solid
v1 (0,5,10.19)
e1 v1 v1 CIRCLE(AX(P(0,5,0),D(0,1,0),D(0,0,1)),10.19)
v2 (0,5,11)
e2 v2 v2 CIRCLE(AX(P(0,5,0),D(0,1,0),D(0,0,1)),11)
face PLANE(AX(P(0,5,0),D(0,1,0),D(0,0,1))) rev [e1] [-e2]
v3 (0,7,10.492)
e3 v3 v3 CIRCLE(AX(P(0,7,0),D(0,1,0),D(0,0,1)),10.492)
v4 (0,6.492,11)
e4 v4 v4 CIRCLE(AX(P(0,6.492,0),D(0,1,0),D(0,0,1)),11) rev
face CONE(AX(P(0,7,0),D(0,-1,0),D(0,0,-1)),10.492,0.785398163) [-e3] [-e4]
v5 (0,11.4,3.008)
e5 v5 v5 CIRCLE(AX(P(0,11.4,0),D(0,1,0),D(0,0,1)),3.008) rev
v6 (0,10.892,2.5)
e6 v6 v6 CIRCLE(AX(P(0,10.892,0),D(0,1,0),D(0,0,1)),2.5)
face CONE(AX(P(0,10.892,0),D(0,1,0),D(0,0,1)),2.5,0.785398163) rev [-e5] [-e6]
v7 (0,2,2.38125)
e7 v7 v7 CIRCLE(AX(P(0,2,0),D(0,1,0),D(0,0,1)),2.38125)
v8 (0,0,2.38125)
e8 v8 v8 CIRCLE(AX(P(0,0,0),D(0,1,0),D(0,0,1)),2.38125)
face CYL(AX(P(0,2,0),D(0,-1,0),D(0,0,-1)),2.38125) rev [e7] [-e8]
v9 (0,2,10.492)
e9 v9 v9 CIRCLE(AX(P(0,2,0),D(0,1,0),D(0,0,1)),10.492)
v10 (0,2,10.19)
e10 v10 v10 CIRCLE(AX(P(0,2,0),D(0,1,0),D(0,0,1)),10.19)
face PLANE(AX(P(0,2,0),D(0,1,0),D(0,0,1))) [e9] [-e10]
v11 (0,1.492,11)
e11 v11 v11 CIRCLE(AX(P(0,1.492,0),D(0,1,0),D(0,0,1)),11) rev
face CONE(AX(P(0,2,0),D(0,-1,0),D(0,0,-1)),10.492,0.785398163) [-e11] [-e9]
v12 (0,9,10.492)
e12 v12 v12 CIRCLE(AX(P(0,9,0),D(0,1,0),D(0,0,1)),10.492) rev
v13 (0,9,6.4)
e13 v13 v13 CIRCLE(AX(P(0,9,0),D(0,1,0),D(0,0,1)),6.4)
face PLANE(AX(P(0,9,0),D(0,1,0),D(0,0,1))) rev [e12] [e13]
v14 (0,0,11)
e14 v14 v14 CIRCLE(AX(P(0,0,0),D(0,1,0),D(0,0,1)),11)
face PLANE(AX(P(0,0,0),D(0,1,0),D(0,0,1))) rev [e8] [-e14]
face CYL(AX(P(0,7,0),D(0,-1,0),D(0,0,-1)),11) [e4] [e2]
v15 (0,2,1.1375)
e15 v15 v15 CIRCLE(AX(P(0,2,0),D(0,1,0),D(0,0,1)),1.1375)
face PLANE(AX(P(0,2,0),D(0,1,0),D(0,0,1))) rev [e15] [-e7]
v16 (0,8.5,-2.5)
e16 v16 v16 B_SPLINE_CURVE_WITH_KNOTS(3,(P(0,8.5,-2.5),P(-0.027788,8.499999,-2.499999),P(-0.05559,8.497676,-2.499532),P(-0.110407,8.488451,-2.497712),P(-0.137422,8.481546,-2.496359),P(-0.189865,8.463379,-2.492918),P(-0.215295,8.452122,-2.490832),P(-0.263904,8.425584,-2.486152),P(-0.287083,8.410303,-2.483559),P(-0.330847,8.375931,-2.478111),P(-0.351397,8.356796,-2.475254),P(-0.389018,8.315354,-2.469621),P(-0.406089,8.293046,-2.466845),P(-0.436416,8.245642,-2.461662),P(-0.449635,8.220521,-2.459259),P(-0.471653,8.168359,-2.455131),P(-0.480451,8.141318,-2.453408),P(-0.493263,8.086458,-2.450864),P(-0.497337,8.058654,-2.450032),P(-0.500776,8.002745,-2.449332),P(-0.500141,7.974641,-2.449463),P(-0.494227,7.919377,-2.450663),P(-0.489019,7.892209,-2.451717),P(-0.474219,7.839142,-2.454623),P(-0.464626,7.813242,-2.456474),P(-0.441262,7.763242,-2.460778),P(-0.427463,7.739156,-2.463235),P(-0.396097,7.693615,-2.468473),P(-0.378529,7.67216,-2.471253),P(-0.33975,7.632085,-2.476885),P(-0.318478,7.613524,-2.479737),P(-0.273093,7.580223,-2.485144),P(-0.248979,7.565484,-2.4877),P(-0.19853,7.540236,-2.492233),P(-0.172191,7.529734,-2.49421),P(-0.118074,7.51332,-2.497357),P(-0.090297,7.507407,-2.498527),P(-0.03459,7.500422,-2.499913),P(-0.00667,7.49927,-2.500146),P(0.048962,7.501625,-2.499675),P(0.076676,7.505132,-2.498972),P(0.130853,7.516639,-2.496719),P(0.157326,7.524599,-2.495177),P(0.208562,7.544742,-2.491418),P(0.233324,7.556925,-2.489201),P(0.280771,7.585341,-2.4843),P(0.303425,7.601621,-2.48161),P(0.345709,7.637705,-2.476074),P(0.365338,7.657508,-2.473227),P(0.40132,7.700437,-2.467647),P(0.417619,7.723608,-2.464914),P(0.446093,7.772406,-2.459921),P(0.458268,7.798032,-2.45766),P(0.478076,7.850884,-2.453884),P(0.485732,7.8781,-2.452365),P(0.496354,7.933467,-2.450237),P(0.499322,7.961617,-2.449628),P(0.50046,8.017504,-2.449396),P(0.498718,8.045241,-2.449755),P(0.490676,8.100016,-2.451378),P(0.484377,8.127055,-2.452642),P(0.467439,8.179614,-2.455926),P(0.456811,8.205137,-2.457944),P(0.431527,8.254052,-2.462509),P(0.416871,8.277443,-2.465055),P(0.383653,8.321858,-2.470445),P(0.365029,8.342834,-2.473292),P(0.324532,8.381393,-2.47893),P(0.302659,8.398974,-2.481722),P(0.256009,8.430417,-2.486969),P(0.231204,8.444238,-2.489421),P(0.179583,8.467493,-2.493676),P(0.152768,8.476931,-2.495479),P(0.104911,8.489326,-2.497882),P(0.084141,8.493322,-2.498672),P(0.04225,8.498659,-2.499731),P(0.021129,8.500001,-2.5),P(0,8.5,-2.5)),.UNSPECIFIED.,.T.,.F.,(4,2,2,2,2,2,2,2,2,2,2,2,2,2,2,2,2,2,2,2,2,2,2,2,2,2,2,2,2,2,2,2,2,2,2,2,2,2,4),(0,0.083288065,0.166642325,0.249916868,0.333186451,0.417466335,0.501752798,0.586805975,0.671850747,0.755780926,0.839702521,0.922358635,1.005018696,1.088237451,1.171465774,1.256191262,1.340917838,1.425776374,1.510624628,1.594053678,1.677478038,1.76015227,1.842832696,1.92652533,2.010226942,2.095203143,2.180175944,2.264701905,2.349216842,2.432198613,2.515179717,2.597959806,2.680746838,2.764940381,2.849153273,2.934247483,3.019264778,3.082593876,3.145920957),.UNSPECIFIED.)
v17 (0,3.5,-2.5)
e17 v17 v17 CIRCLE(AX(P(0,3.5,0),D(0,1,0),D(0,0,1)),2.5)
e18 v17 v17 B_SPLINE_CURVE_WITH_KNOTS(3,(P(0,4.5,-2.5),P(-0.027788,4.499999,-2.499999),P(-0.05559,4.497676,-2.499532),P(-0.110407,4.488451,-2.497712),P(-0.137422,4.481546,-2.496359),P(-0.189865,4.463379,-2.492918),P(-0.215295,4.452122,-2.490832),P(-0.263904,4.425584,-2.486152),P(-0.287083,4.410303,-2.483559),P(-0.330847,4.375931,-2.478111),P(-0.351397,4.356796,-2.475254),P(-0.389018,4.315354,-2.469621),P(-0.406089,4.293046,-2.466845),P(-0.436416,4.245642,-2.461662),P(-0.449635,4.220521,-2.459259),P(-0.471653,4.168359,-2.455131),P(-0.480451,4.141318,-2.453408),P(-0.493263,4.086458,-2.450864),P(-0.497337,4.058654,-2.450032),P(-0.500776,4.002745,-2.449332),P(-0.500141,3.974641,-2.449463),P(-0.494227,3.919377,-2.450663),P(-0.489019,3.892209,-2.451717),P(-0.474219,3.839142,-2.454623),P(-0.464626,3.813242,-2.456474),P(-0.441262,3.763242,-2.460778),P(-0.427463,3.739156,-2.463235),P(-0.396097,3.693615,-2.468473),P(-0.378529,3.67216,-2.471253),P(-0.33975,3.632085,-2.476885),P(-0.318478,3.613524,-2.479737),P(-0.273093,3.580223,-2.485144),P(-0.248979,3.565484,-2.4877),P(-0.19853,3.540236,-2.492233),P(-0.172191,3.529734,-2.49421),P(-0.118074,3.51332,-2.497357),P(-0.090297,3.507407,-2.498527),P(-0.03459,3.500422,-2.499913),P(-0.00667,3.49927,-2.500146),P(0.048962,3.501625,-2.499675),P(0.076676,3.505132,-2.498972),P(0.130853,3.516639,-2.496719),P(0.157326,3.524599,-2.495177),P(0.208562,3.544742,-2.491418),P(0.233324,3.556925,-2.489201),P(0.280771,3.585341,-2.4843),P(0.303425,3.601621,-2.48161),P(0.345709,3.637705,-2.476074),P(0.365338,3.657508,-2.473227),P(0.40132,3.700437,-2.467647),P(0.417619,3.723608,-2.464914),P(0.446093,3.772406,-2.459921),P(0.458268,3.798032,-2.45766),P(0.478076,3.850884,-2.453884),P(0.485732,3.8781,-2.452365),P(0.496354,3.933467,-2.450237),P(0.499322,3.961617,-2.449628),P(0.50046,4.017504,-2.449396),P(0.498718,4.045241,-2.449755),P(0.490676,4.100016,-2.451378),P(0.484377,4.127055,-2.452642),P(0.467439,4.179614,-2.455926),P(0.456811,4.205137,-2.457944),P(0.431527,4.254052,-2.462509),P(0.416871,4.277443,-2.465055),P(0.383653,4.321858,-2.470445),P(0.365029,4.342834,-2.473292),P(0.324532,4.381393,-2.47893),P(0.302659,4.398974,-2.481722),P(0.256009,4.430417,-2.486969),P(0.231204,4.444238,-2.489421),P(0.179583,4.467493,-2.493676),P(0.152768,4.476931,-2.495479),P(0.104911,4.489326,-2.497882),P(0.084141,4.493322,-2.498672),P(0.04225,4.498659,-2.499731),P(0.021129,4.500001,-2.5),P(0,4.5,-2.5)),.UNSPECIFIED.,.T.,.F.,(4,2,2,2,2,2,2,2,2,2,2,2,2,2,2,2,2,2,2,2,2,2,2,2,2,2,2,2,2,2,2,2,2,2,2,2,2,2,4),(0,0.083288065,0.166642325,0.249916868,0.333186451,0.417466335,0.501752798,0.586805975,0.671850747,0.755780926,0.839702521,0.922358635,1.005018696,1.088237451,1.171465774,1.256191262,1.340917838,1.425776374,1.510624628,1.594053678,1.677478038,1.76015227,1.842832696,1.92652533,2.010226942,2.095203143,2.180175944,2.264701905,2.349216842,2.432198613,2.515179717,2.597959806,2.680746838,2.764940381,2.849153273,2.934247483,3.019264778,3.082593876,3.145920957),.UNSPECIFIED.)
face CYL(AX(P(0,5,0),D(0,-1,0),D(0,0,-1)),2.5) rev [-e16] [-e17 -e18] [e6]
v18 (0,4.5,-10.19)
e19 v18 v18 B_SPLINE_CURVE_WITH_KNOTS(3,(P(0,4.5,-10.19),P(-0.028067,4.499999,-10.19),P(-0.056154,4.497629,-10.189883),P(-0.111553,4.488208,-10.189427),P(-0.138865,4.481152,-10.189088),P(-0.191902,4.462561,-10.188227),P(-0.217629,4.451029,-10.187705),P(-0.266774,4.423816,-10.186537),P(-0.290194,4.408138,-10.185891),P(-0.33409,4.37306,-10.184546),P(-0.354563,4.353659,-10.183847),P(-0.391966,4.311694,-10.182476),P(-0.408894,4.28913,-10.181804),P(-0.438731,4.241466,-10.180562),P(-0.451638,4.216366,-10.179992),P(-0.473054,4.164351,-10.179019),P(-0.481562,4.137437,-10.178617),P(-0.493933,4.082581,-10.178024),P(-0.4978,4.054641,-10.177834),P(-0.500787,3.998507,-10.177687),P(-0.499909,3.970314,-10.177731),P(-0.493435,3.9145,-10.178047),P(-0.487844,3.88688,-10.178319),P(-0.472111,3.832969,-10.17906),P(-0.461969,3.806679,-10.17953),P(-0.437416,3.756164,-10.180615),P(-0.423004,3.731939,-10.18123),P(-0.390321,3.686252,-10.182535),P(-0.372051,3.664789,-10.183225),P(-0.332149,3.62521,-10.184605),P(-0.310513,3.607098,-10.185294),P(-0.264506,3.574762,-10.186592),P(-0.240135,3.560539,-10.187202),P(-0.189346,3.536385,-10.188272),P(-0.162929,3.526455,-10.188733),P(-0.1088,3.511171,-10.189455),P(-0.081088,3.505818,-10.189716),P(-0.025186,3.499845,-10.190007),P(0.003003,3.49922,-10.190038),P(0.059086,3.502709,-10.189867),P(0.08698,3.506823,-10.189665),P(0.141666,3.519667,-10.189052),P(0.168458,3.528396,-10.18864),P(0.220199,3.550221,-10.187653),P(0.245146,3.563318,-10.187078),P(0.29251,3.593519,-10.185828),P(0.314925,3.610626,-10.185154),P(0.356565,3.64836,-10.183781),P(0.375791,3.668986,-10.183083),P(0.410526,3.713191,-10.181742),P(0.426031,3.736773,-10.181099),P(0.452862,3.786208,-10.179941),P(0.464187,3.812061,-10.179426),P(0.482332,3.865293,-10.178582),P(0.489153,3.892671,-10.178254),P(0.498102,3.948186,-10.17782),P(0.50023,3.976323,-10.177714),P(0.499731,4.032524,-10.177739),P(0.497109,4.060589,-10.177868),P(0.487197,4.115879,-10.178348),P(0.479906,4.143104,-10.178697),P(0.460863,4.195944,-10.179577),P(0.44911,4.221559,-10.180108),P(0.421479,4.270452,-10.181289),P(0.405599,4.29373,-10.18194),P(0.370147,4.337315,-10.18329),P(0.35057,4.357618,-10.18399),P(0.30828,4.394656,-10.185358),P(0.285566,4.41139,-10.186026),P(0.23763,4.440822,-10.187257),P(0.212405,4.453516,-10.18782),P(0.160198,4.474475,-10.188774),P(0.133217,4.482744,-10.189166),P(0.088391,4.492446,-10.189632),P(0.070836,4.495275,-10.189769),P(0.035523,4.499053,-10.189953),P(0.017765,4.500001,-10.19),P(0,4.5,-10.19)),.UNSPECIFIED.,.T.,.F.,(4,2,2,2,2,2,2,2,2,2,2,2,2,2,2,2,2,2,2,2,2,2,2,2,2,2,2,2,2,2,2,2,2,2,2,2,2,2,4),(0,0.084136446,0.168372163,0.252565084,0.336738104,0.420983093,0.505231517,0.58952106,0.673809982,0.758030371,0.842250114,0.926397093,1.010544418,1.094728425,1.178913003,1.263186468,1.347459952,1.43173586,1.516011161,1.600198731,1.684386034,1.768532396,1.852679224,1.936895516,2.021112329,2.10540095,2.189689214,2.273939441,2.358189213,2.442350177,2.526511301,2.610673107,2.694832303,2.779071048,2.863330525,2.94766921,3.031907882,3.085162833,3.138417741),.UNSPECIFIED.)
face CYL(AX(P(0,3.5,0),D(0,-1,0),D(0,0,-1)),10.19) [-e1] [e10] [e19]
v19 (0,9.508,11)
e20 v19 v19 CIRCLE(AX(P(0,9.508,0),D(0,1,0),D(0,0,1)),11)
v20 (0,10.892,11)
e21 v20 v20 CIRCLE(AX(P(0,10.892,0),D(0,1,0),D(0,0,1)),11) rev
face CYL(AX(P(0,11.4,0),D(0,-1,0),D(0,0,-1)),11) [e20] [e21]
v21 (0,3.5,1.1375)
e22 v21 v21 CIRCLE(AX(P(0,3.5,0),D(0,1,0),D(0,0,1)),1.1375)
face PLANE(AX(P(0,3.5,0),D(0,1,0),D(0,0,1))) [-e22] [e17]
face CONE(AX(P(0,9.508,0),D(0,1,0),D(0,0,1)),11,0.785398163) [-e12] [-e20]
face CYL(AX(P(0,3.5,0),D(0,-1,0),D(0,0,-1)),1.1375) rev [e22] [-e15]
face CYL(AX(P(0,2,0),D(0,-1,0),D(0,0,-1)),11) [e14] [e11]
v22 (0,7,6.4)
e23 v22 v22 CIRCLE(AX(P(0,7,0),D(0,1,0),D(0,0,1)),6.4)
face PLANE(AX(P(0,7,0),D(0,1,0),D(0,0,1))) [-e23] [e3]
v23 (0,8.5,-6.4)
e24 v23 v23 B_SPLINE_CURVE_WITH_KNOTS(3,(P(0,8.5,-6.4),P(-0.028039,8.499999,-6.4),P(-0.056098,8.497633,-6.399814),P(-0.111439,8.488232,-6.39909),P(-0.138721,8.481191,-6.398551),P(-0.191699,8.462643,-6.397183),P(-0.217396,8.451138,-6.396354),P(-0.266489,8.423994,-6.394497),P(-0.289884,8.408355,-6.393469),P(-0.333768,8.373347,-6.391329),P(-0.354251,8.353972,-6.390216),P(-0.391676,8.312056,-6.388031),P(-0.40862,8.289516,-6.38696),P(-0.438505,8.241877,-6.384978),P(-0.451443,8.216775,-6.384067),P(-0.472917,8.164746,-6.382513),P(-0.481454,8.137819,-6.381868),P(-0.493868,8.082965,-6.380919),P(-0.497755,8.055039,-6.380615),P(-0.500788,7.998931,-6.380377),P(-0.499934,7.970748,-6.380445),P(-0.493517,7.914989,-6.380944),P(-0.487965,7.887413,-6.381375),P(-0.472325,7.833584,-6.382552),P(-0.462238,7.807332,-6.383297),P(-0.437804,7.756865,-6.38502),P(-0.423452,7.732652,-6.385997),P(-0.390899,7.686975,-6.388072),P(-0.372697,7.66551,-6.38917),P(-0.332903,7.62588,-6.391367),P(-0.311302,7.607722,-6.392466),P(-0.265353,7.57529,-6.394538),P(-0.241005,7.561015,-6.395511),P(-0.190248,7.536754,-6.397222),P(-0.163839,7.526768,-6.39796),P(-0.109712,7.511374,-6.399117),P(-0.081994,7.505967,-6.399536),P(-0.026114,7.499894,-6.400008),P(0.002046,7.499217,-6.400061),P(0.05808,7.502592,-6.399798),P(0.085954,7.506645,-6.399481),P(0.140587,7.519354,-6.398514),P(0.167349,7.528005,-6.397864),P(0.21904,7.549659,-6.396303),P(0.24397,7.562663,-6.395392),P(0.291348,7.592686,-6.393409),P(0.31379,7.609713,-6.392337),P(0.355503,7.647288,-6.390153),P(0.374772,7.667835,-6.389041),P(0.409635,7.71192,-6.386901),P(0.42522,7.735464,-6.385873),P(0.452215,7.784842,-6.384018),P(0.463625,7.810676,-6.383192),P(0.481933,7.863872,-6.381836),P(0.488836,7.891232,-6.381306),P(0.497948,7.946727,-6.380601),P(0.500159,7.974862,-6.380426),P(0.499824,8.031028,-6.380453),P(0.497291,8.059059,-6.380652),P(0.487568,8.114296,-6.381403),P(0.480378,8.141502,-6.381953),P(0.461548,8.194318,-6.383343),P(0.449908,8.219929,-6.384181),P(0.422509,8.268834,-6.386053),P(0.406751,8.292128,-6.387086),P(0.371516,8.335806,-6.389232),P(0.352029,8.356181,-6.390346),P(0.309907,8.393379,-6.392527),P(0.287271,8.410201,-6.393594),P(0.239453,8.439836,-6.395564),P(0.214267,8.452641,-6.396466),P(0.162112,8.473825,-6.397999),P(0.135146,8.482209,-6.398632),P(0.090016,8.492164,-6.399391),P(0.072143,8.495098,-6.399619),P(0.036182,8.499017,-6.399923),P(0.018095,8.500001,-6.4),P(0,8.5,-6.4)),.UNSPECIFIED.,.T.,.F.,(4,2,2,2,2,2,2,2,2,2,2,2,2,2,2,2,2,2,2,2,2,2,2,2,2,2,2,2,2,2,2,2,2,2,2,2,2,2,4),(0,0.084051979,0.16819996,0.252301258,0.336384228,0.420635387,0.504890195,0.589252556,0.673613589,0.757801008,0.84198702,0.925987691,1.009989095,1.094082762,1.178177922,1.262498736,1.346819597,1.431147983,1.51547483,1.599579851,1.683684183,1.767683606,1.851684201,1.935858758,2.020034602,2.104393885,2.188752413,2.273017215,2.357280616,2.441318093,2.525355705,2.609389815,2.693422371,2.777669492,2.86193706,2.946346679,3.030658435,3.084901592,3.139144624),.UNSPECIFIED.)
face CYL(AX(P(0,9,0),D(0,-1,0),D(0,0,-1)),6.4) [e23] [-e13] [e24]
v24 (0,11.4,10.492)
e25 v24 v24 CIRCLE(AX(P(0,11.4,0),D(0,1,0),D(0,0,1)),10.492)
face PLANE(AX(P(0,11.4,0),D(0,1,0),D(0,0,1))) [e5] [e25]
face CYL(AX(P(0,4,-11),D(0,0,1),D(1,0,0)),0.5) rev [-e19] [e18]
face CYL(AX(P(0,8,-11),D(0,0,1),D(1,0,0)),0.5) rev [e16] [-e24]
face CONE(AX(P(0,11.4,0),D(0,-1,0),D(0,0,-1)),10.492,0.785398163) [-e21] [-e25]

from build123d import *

# Parameters (mm, degrees)
SKETCH1_R           = 11
SKETCH1_R_2         = 2.38125
BOSS_EXTRUDE1_DEPTH = 2
SKETCH2_R           = 10.19
SKETCH2_R_2         = 1.1375
BOSS_EXTRUDE2_DEPTH = 1.5
SKETCH3_R           = 10.19
SKETCH3_R_2         = 2.5
BOSS_EXTRUDE3_DEPTH = 1.5
SKETCH5_R           = 11
SKETCH5_R_2         = 2.5
BOSS_EXTRUDE4_DEPTH = 2
SKETCH6_R           = 6.4
SKETCH6_R_2         = 2.5
BOSS_EXTRUDE5_DEPTH = 2
SKETCH7_R           = 11
SKETCH7_R_2         = 2.5
BOSS_EXTRUDE6_DEPTH = 2.4
SKETCH8_R           = 0.5
CUT_EXTRUDE1_DEPTH  = 20.286264542
CHAMFER1_SIZE       = 0.508


with BuildPart() as part:
    # Sketch1 → Boss-Extrude1 (new body)
    with BuildSketch(Plane(origin=(0, 0, 0), x_dir=(1, 0, 0), z_dir=(0, 1, 0))):
        with Locations(Location((0, 0, 0), (0, 0, 270))):
            Circle(SKETCH1_R)
        with Locations(Location((0, 0, 0), (0, 0, 270))):
            Circle(SKETCH1_R_2, mode=Mode.SUBTRACT)
    extrude(amount=BOSS_EXTRUDE1_DEPTH)

    # Sketch2 → Boss-Extrude2 (add)
    with BuildSketch(Plane(origin=(0, 2, 0), x_dir=(1, 0, 0), z_dir=(0, 1, 0))):
        with Locations(Location((0, 0, 0), (0, 0, 270))):
            Circle(SKETCH2_R)
        with Locations(Location((0, 0, 0), (0, 0, 270))):
            Circle(SKETCH2_R_2, mode=Mode.SUBTRACT)
    extrude(amount=BOSS_EXTRUDE2_DEPTH)

    # Sketch3 → Boss-Extrude3 (add)
    with BuildSketch(Plane(origin=(0, 3.5, 0), x_dir=(1, 0, 0), z_dir=(0, 1, 0))):
        with Locations(Location((0, 0, 0), (0, 0, 270))):
            Circle(SKETCH3_R)
        with Locations(Location((0, 0, 0), (0, 0, 270))):
            Circle(SKETCH3_R_2, mode=Mode.SUBTRACT)
    extrude(amount=BOSS_EXTRUDE3_DEPTH)

    # Sketch5 → Boss-Extrude4 (add)
    with BuildSketch(Plane(origin=(0, 5, 0), x_dir=(1, 0, 0), z_dir=(0, 1, 0))):
        with Locations(Location((0, 0, 0), (0, 0, 270))):
            Circle(SKETCH5_R)
        with Locations(Location((0, 0, 0), (0, 0, 270))):
            Circle(SKETCH5_R_2, mode=Mode.SUBTRACT)
    extrude(amount=BOSS_EXTRUDE4_DEPTH)

    # Sketch6 → Boss-Extrude5 (add)
    with BuildSketch(Plane(origin=(0, 7, 0), x_dir=(1, 0, 0), z_dir=(0, 1, 0))):
        with Locations(Location((0, 0, 0), (0, 0, 270))):
            Circle(SKETCH6_R)
        with Locations(Location((0, 0, 0), (0, 0, 270))):
            Circle(SKETCH6_R_2, mode=Mode.SUBTRACT)
    extrude(amount=BOSS_EXTRUDE5_DEPTH)

    # Sketch7 → Boss-Extrude6 (add)
    with BuildSketch(Plane(origin=(0, 9, 0), x_dir=(1, 0, 0), z_dir=(0, 1, 0))):
        with Locations(Location((0, 0, 0), (0, 0, 270))):
            Circle(SKETCH7_R)
        with Locations(Location((0, 0, 0), (0, 0, 270))):
            Circle(SKETCH7_R_2, mode=Mode.SUBTRACT)
    extrude(amount=BOSS_EXTRUDE6_DEPTH)

    # Sketch8 → Cut-Extrude1 (cut, through all)
    with BuildSketch(Plane.XY):
        with Locations(Location((0, 8, 0), (0, 0, 90))):
            Circle(SKETCH8_R)
        with Locations(Location((0, 4, 0), (0, 0, 89.999999996))):
            Circle(SKETCH8_R)
    extrude(amount=-CUT_EXTRUDE1_DEPTH, mode=Mode.SUBTRACT)

    # Chamfer1
    chamfer1_edges = [part.edges().sort_by_distance(p)[0] for p in [
        (0, 7, -11),
        (0, 11.4, -11),
        (0, 9, -11),
        (0, 11.4, -2.5),
        (0, 2, -11),
    ]]
    chamfer(chamfer1_edges, length=CHAMFER1_SIZE)


solid = part.part
